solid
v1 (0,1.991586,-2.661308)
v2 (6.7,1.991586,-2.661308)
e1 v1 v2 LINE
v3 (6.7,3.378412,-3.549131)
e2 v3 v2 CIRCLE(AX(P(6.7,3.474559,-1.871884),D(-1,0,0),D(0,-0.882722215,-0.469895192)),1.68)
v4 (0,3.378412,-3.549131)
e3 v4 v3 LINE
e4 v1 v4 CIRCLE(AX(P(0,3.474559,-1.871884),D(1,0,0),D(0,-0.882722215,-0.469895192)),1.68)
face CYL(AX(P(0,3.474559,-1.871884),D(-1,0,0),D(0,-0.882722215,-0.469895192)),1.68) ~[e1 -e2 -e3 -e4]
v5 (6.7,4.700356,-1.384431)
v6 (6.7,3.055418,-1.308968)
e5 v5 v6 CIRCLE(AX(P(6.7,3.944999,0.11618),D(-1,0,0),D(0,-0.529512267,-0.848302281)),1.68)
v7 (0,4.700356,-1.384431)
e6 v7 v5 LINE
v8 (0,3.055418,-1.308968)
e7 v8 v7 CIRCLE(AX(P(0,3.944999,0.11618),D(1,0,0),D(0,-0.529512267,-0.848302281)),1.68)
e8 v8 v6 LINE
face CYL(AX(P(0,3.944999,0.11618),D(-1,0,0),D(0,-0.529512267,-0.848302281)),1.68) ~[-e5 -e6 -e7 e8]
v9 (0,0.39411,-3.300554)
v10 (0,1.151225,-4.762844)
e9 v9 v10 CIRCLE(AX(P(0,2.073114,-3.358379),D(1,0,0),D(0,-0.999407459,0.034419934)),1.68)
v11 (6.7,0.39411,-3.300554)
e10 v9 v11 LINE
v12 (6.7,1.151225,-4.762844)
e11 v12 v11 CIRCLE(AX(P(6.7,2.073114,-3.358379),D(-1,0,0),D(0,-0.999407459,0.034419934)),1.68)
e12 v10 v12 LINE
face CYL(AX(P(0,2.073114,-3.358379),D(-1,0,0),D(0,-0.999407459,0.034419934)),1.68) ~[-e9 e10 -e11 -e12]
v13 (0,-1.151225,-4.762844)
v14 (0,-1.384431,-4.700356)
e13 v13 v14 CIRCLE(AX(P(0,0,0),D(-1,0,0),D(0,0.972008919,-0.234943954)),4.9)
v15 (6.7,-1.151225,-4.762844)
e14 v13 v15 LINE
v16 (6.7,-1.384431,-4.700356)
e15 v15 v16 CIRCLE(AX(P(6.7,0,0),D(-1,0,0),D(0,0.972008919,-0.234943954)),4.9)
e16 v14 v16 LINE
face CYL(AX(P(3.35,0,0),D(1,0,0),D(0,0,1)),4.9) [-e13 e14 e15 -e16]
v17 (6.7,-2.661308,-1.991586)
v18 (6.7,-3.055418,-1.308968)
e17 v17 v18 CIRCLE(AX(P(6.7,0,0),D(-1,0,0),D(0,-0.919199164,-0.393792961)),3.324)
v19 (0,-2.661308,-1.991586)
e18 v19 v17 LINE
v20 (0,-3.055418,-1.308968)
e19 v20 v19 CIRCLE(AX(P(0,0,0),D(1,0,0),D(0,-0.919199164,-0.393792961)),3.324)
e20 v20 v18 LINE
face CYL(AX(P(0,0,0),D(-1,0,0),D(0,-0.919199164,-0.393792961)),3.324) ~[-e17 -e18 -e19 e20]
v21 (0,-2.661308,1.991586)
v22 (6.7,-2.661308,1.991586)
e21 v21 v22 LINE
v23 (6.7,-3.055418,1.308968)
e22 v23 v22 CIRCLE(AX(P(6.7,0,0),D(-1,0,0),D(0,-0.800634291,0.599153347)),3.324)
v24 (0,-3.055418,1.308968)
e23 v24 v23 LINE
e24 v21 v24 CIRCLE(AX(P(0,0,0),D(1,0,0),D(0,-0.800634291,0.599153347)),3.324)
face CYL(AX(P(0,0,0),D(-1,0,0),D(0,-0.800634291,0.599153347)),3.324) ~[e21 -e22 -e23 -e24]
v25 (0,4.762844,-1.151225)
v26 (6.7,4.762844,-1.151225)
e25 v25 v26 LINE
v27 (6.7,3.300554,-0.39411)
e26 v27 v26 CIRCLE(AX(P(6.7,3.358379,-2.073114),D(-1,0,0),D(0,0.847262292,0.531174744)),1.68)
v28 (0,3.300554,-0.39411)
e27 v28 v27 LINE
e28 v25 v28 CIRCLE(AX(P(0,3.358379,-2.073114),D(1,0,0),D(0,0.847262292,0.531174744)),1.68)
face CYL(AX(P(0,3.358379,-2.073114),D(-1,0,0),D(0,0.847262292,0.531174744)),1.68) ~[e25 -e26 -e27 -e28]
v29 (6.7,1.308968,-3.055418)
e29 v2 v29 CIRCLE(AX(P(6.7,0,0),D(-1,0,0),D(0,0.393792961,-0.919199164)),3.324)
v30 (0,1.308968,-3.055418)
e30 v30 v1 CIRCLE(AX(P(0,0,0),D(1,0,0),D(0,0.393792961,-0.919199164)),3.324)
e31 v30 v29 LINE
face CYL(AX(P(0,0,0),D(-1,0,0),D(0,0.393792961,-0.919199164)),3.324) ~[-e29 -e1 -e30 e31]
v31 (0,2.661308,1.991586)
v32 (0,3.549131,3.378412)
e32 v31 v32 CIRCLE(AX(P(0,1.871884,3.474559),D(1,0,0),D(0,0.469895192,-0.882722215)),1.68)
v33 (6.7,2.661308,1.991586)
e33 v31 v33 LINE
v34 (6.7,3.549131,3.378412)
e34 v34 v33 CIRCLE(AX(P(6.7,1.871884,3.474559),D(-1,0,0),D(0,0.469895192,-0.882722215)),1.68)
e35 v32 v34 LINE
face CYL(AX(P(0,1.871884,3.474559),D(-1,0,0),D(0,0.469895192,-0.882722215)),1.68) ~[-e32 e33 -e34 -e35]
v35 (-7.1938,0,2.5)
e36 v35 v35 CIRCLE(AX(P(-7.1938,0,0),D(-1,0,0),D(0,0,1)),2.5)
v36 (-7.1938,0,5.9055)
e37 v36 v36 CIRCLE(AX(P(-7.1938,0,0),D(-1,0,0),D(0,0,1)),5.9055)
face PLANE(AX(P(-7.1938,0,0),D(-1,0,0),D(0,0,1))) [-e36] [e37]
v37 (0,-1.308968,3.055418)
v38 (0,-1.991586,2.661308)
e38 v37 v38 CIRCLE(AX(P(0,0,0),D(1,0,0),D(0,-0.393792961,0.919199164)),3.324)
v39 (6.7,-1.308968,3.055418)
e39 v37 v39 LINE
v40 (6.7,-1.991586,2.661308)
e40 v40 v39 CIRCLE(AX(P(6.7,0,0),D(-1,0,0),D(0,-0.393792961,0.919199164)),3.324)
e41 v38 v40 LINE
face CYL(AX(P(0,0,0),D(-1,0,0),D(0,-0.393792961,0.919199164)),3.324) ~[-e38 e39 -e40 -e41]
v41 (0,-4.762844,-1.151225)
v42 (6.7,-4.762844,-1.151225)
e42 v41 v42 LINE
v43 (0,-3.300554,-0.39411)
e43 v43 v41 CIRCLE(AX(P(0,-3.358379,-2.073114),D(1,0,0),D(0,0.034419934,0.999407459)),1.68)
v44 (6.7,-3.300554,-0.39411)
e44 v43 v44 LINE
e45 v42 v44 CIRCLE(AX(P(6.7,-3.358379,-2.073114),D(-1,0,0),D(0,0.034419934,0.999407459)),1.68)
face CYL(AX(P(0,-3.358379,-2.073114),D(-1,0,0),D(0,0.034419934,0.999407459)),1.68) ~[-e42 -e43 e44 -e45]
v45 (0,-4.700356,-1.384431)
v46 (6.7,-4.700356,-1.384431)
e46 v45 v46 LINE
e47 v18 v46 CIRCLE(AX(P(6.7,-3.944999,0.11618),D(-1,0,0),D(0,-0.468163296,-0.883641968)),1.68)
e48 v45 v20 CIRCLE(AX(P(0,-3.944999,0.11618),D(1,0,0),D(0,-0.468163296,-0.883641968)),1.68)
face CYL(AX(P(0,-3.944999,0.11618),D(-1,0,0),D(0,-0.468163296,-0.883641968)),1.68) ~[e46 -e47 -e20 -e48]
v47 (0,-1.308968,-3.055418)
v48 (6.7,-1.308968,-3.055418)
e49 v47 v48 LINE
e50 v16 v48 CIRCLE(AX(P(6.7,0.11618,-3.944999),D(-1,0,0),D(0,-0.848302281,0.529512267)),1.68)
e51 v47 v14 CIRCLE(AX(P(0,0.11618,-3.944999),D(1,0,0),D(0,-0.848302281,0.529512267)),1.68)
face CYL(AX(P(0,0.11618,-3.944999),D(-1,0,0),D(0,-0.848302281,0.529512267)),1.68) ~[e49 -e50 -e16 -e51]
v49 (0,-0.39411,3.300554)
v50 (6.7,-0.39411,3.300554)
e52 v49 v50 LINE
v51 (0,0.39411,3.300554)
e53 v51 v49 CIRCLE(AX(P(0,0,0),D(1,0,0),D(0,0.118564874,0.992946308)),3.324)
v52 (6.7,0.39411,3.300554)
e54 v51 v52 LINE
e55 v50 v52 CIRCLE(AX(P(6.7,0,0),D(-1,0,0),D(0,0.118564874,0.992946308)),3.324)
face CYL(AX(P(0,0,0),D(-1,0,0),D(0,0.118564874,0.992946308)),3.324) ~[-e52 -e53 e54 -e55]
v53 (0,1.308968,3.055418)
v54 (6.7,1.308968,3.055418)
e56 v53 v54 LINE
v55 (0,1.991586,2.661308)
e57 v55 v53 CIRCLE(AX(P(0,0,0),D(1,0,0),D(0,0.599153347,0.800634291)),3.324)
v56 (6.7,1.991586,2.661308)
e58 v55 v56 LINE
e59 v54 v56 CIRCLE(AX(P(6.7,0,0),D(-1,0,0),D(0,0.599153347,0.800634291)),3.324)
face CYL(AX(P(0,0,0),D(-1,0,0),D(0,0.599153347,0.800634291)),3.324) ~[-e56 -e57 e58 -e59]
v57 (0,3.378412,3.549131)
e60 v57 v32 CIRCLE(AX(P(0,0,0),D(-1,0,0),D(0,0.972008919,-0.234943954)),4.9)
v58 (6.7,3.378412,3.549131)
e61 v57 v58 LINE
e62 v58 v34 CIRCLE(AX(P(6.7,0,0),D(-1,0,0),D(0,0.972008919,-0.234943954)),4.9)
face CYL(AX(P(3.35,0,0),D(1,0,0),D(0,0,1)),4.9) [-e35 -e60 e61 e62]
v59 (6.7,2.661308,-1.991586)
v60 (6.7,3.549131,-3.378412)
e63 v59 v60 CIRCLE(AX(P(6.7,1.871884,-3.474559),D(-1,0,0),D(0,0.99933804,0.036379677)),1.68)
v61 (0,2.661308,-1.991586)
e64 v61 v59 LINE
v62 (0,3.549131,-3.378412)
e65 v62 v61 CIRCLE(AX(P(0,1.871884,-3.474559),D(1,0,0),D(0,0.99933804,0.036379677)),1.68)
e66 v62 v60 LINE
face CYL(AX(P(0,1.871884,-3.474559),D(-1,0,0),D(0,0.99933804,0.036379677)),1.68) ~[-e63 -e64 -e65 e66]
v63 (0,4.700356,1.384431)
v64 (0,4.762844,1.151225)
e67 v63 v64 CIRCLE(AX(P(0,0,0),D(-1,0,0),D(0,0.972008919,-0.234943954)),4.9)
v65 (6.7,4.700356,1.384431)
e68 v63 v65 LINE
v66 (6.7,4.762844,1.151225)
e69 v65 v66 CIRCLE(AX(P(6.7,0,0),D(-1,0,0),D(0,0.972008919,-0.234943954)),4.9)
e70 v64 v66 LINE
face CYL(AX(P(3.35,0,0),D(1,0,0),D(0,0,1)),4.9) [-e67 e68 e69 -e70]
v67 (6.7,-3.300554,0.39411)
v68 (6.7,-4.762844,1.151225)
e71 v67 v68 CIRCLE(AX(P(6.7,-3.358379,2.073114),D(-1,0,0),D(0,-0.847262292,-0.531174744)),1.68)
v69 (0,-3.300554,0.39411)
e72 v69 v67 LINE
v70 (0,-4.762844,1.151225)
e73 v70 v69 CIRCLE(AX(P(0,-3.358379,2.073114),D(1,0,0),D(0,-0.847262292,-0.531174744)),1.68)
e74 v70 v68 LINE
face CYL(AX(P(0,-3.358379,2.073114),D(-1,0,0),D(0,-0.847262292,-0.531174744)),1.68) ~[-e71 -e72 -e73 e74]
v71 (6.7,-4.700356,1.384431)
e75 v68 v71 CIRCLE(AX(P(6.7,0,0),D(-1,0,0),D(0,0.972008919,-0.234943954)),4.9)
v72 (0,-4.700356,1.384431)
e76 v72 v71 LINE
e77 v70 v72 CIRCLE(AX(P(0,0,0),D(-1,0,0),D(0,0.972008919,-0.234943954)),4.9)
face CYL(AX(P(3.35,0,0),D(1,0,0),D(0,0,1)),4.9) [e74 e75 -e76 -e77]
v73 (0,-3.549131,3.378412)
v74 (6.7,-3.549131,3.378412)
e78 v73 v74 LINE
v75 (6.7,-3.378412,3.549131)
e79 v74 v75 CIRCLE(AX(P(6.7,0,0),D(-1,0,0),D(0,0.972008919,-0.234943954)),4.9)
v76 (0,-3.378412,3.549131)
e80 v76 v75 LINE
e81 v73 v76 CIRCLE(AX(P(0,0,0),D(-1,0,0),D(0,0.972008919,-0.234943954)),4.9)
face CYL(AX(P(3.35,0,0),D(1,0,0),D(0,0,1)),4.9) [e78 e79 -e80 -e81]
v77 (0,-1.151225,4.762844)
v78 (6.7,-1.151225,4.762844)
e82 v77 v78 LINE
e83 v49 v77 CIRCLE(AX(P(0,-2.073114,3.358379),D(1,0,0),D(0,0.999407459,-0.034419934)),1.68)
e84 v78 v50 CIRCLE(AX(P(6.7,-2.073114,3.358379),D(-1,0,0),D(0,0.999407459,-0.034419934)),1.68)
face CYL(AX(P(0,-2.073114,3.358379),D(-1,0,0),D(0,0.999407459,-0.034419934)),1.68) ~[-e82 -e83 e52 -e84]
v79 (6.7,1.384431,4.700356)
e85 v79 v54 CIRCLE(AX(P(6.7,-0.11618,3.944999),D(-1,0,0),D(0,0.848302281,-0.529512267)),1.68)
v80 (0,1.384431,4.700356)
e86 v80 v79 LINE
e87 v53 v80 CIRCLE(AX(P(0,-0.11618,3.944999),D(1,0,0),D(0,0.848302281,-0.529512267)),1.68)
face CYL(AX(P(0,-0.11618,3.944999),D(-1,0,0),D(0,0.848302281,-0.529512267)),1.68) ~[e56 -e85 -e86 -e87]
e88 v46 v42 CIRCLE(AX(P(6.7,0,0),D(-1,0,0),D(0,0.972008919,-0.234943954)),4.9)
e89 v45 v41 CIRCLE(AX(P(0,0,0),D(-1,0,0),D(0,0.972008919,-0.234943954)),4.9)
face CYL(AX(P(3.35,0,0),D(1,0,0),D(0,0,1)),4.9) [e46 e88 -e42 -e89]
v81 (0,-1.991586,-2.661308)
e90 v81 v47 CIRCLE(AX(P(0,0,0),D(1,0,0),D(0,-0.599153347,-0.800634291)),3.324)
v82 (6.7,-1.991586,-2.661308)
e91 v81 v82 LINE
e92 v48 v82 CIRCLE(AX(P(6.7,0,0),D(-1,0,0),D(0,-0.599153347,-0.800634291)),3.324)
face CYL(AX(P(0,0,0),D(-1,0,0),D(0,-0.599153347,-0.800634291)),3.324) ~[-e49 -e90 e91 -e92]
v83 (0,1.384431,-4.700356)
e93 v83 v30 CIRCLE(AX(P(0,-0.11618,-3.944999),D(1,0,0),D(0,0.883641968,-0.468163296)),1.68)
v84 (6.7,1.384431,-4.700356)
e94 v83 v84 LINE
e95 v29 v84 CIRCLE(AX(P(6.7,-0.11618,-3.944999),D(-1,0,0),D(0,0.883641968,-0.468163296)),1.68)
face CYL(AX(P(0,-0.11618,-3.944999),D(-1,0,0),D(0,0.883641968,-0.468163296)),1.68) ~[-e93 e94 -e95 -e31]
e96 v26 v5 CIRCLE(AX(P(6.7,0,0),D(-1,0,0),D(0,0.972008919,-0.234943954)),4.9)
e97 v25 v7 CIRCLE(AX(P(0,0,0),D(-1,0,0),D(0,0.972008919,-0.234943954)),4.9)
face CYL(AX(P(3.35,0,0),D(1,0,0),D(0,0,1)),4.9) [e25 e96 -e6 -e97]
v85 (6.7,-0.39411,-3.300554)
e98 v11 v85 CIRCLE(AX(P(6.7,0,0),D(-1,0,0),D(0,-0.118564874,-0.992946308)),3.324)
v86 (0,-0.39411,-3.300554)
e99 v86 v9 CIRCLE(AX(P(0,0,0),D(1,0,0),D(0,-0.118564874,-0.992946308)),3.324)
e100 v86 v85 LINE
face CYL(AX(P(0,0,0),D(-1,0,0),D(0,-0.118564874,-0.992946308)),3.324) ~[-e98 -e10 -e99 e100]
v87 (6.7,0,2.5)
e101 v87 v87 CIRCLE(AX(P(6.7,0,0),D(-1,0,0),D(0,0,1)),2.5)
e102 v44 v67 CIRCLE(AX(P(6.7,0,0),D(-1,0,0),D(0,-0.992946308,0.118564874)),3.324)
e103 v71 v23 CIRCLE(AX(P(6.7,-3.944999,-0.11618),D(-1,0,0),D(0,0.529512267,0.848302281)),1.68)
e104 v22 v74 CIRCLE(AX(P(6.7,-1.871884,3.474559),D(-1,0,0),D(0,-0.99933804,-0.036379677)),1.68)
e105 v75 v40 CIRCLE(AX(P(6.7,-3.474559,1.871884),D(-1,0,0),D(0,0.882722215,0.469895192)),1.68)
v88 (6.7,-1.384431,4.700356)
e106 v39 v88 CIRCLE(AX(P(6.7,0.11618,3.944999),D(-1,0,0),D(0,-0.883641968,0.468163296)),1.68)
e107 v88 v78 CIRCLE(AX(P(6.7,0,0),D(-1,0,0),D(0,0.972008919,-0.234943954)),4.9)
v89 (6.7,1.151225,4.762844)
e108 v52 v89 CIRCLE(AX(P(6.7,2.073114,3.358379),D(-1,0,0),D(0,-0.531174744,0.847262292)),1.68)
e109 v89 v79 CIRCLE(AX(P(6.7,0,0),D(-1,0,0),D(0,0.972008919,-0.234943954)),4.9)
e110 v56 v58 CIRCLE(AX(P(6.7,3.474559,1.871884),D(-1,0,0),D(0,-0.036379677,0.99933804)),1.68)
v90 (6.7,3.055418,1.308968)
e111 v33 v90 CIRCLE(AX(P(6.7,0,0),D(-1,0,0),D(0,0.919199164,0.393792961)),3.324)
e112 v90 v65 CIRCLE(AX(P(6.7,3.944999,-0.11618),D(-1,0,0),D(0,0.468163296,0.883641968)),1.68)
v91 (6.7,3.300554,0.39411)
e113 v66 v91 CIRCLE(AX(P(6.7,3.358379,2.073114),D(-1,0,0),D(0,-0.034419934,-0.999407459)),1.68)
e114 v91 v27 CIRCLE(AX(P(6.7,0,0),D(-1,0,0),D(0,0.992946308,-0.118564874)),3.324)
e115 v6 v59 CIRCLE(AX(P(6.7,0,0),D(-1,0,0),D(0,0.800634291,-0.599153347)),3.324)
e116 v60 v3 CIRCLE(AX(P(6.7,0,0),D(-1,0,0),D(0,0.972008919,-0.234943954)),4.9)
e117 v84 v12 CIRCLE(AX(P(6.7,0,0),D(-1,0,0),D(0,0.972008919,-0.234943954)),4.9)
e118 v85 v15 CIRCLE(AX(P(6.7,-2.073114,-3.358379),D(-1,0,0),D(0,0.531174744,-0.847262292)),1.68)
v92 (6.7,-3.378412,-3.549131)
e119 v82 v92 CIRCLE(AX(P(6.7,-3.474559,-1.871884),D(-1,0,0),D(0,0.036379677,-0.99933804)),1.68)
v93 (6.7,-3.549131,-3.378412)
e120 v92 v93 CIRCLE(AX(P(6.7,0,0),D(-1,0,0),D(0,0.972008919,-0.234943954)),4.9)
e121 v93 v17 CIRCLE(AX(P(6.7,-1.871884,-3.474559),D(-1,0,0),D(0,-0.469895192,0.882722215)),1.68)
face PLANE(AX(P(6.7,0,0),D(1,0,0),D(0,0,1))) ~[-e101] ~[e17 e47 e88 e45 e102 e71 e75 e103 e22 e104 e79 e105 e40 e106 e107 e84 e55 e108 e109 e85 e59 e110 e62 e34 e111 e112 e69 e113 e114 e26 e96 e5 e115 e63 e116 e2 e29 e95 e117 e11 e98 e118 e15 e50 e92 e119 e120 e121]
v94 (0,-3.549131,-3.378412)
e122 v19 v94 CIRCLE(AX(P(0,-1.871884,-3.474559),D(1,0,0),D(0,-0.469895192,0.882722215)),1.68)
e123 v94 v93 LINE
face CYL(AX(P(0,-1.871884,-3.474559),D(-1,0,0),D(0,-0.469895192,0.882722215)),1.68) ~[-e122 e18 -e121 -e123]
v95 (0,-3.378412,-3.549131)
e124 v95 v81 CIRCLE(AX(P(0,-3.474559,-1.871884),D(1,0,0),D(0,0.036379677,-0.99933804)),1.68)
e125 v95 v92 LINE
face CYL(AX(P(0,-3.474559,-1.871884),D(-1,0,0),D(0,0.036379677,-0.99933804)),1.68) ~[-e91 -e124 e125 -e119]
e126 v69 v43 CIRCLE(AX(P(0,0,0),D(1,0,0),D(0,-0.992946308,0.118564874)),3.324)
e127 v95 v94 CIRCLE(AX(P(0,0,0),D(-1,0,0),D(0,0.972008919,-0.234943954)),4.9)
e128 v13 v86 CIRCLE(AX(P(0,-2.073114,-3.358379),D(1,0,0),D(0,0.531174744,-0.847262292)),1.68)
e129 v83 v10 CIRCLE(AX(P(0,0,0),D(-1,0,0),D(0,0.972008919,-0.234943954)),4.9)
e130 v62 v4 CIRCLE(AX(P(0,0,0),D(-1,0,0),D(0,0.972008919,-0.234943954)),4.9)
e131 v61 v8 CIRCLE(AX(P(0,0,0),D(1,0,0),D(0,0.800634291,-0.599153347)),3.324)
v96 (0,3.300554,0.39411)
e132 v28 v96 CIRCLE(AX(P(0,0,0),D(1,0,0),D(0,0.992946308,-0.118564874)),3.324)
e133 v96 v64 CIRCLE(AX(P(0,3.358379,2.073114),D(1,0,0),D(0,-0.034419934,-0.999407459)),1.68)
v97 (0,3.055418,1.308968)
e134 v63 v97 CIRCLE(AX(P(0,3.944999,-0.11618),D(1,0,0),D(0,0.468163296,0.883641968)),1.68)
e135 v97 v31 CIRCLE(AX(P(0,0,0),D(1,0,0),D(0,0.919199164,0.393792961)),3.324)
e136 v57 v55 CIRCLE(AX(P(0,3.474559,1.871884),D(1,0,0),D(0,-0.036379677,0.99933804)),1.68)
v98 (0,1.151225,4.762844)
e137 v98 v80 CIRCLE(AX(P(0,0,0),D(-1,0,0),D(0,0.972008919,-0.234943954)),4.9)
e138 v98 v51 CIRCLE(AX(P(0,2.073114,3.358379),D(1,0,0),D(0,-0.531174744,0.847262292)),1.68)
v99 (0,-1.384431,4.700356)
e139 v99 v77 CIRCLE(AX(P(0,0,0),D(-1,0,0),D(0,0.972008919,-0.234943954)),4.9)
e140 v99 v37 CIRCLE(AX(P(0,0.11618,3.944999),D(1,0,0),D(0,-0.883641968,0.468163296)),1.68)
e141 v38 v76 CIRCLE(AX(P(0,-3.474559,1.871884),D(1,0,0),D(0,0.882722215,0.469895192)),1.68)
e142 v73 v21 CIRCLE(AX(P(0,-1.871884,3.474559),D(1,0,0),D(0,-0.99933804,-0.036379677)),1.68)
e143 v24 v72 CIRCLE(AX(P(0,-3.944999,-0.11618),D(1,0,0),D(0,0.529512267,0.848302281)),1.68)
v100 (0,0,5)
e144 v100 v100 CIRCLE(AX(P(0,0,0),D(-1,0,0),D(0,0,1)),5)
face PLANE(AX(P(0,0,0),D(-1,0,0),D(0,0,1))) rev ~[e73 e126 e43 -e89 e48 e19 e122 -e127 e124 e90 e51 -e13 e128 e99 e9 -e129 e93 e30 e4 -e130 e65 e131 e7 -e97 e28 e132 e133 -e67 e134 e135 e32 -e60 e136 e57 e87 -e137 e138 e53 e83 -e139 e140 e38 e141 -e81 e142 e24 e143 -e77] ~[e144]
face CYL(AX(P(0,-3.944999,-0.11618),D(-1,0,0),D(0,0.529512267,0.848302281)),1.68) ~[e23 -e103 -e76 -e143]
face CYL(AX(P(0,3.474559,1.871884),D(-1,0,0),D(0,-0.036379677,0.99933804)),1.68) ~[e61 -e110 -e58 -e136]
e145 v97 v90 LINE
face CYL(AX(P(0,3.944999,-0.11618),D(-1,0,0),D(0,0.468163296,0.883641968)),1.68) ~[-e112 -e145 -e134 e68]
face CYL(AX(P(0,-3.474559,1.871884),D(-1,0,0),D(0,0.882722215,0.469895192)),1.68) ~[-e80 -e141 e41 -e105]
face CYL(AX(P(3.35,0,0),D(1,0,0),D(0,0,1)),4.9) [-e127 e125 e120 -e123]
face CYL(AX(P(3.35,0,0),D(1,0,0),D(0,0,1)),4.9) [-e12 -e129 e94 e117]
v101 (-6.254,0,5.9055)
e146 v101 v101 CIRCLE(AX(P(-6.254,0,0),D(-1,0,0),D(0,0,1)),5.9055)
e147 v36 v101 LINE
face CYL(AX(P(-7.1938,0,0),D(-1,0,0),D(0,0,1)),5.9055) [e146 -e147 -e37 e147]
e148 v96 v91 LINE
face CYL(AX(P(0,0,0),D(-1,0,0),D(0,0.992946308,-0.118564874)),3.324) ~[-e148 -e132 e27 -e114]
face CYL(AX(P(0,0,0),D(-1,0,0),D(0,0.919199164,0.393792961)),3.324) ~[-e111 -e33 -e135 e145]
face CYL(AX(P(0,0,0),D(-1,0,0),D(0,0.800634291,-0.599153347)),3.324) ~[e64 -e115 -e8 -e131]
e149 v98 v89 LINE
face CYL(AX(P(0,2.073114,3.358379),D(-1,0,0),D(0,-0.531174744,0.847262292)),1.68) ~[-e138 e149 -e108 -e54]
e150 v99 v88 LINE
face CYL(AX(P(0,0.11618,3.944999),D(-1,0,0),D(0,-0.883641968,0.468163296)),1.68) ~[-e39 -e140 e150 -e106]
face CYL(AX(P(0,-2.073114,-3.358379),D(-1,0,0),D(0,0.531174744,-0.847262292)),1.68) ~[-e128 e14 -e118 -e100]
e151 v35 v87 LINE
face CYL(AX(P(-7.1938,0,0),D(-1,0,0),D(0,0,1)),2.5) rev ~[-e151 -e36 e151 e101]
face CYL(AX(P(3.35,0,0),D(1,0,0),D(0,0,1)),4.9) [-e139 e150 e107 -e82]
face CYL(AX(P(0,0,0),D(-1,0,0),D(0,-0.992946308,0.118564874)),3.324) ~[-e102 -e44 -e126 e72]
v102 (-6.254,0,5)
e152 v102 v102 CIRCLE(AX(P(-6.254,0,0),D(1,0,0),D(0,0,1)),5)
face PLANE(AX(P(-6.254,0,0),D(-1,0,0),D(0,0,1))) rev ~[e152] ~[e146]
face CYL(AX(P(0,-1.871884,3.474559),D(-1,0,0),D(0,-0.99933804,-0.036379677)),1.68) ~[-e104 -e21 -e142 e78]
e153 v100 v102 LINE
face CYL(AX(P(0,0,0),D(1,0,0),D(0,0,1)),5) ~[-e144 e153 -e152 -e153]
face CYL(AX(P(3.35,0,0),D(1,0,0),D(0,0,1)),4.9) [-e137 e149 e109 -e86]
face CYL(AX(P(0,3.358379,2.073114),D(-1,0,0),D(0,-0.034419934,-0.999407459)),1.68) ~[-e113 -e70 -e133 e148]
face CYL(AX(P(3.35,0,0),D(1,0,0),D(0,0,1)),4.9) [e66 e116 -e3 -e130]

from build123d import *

# Parameters (mm, degrees)
BASPROSKE_W         = 6.7
BASPROSKE_H         = 4.9
TOOTHCUT_DEPTH      = 10.638983349
TEETHCUTS_COUNT     = 12
TEETHCUTS_ANGLE     = 330
BORSKE_R            = 0.4
BORE_DEPTH          = 50.0000508
SKETCH1_R           = 5
BOSS_EXTRUDE1_DEPTH = 7.1938
SKETCH3_R           = 5.9055
BOSS_EXTRUDE2_DEPTH = 0.9398
SKETCH2_R           = 2.5
CUT_EXTRUDE1_DEPTH  = 17.210722962


with BuildPart() as part:
    # BasProSke → Base-Revolve (revolve)
    with BuildSketch(Plane(origin=(0, 0, 0), x_dir=(1, 0, 0), z_dir=(0, 1, 0)), mode=Mode.PRIVATE) as base_revolve_sk:
        with Locations((3.35, 2.45)):
            Rectangle(BASPROSKE_W, BASPROSKE_H)
    revolve(base_revolve_sk.sketch.rotate(Axis((-10, 0, 0), (1, 0, 0)), 180), axis=Axis((-10, 0, 0), (1, 0, 0)))

    # TooCutSke → ToothCut (cut, through all)
    with BuildSketch(Plane(origin=(0, 0, 0), x_dir=(0, 0, -1), z_dir=(1, 0, 0))):
        with BuildLine():
            ThreePointArc((0.394109641, 3.300553528), (0, 3.324), (-0.394109641, 3.300553528))
            ThreePointArc((-0.394109641, 3.300553528), (-0.589367544, 4.146348526), (-1.180740601, 4.781779668))
            ThreePointArc((-1.180740601, 4.781779668), (0, 4.9254), (1.180740601, 4.781779668))
            ThreePointArc((1.180740601, 4.781779668), (0.589367544, 4.146348526), (0.394109641, 3.300553528))
        make_face()
    toothcut = extrude(amount=TOOTHCUT_DEPTH, mode=Mode.SUBTRACT)

    # TeethCuts: ToothCut ×12 about axis
    teethcuts_axis = Axis((-10, 0, 0), (1, 0, 0))
    for i in range(1, TEETHCUTS_COUNT):
        add(toothcut.rotate(teethcuts_axis, i * TEETHCUTS_ANGLE / (TEETHCUTS_COUNT - 1)), mode=Mode.SUBTRACT)

    # BorSke → Bore (cut, symmetric)
    with BuildSketch(Plane(origin=(0, 0, 0), x_dir=(0, 0, -1), z_dir=(1, 0, 0))):
        with Locations(Location((0, 0, 0), (0, 0, 180))):
            Circle(BORSKE_R)
    extrude(amount=BORE_DEPTH, both=True, mode=Mode.SUBTRACT)

    # Sketch1 → Boss-Extrude1 (add)
    with BuildSketch(Plane.ZY):
        Circle(SKETCH1_R)
    extrude(amount=BOSS_EXTRUDE1_DEPTH)

    # Sketch3 → Boss-Extrude2 (add)
    with BuildSketch(Plane.ZY.offset(7.1938)):
        Circle(SKETCH3_R)
    extrude(amount=-BOSS_EXTRUDE2_DEPTH)

    # Sketch2 → Cut-Extrude1 (cut, through all)
    with BuildSketch(Plane.ZY.offset(7.1938)):
        Circle(SKETCH2_R)
    extrude(amount=-CUT_EXTRUDE1_DEPTH, mode=Mode.SUBTRACT)


solid = part.part
